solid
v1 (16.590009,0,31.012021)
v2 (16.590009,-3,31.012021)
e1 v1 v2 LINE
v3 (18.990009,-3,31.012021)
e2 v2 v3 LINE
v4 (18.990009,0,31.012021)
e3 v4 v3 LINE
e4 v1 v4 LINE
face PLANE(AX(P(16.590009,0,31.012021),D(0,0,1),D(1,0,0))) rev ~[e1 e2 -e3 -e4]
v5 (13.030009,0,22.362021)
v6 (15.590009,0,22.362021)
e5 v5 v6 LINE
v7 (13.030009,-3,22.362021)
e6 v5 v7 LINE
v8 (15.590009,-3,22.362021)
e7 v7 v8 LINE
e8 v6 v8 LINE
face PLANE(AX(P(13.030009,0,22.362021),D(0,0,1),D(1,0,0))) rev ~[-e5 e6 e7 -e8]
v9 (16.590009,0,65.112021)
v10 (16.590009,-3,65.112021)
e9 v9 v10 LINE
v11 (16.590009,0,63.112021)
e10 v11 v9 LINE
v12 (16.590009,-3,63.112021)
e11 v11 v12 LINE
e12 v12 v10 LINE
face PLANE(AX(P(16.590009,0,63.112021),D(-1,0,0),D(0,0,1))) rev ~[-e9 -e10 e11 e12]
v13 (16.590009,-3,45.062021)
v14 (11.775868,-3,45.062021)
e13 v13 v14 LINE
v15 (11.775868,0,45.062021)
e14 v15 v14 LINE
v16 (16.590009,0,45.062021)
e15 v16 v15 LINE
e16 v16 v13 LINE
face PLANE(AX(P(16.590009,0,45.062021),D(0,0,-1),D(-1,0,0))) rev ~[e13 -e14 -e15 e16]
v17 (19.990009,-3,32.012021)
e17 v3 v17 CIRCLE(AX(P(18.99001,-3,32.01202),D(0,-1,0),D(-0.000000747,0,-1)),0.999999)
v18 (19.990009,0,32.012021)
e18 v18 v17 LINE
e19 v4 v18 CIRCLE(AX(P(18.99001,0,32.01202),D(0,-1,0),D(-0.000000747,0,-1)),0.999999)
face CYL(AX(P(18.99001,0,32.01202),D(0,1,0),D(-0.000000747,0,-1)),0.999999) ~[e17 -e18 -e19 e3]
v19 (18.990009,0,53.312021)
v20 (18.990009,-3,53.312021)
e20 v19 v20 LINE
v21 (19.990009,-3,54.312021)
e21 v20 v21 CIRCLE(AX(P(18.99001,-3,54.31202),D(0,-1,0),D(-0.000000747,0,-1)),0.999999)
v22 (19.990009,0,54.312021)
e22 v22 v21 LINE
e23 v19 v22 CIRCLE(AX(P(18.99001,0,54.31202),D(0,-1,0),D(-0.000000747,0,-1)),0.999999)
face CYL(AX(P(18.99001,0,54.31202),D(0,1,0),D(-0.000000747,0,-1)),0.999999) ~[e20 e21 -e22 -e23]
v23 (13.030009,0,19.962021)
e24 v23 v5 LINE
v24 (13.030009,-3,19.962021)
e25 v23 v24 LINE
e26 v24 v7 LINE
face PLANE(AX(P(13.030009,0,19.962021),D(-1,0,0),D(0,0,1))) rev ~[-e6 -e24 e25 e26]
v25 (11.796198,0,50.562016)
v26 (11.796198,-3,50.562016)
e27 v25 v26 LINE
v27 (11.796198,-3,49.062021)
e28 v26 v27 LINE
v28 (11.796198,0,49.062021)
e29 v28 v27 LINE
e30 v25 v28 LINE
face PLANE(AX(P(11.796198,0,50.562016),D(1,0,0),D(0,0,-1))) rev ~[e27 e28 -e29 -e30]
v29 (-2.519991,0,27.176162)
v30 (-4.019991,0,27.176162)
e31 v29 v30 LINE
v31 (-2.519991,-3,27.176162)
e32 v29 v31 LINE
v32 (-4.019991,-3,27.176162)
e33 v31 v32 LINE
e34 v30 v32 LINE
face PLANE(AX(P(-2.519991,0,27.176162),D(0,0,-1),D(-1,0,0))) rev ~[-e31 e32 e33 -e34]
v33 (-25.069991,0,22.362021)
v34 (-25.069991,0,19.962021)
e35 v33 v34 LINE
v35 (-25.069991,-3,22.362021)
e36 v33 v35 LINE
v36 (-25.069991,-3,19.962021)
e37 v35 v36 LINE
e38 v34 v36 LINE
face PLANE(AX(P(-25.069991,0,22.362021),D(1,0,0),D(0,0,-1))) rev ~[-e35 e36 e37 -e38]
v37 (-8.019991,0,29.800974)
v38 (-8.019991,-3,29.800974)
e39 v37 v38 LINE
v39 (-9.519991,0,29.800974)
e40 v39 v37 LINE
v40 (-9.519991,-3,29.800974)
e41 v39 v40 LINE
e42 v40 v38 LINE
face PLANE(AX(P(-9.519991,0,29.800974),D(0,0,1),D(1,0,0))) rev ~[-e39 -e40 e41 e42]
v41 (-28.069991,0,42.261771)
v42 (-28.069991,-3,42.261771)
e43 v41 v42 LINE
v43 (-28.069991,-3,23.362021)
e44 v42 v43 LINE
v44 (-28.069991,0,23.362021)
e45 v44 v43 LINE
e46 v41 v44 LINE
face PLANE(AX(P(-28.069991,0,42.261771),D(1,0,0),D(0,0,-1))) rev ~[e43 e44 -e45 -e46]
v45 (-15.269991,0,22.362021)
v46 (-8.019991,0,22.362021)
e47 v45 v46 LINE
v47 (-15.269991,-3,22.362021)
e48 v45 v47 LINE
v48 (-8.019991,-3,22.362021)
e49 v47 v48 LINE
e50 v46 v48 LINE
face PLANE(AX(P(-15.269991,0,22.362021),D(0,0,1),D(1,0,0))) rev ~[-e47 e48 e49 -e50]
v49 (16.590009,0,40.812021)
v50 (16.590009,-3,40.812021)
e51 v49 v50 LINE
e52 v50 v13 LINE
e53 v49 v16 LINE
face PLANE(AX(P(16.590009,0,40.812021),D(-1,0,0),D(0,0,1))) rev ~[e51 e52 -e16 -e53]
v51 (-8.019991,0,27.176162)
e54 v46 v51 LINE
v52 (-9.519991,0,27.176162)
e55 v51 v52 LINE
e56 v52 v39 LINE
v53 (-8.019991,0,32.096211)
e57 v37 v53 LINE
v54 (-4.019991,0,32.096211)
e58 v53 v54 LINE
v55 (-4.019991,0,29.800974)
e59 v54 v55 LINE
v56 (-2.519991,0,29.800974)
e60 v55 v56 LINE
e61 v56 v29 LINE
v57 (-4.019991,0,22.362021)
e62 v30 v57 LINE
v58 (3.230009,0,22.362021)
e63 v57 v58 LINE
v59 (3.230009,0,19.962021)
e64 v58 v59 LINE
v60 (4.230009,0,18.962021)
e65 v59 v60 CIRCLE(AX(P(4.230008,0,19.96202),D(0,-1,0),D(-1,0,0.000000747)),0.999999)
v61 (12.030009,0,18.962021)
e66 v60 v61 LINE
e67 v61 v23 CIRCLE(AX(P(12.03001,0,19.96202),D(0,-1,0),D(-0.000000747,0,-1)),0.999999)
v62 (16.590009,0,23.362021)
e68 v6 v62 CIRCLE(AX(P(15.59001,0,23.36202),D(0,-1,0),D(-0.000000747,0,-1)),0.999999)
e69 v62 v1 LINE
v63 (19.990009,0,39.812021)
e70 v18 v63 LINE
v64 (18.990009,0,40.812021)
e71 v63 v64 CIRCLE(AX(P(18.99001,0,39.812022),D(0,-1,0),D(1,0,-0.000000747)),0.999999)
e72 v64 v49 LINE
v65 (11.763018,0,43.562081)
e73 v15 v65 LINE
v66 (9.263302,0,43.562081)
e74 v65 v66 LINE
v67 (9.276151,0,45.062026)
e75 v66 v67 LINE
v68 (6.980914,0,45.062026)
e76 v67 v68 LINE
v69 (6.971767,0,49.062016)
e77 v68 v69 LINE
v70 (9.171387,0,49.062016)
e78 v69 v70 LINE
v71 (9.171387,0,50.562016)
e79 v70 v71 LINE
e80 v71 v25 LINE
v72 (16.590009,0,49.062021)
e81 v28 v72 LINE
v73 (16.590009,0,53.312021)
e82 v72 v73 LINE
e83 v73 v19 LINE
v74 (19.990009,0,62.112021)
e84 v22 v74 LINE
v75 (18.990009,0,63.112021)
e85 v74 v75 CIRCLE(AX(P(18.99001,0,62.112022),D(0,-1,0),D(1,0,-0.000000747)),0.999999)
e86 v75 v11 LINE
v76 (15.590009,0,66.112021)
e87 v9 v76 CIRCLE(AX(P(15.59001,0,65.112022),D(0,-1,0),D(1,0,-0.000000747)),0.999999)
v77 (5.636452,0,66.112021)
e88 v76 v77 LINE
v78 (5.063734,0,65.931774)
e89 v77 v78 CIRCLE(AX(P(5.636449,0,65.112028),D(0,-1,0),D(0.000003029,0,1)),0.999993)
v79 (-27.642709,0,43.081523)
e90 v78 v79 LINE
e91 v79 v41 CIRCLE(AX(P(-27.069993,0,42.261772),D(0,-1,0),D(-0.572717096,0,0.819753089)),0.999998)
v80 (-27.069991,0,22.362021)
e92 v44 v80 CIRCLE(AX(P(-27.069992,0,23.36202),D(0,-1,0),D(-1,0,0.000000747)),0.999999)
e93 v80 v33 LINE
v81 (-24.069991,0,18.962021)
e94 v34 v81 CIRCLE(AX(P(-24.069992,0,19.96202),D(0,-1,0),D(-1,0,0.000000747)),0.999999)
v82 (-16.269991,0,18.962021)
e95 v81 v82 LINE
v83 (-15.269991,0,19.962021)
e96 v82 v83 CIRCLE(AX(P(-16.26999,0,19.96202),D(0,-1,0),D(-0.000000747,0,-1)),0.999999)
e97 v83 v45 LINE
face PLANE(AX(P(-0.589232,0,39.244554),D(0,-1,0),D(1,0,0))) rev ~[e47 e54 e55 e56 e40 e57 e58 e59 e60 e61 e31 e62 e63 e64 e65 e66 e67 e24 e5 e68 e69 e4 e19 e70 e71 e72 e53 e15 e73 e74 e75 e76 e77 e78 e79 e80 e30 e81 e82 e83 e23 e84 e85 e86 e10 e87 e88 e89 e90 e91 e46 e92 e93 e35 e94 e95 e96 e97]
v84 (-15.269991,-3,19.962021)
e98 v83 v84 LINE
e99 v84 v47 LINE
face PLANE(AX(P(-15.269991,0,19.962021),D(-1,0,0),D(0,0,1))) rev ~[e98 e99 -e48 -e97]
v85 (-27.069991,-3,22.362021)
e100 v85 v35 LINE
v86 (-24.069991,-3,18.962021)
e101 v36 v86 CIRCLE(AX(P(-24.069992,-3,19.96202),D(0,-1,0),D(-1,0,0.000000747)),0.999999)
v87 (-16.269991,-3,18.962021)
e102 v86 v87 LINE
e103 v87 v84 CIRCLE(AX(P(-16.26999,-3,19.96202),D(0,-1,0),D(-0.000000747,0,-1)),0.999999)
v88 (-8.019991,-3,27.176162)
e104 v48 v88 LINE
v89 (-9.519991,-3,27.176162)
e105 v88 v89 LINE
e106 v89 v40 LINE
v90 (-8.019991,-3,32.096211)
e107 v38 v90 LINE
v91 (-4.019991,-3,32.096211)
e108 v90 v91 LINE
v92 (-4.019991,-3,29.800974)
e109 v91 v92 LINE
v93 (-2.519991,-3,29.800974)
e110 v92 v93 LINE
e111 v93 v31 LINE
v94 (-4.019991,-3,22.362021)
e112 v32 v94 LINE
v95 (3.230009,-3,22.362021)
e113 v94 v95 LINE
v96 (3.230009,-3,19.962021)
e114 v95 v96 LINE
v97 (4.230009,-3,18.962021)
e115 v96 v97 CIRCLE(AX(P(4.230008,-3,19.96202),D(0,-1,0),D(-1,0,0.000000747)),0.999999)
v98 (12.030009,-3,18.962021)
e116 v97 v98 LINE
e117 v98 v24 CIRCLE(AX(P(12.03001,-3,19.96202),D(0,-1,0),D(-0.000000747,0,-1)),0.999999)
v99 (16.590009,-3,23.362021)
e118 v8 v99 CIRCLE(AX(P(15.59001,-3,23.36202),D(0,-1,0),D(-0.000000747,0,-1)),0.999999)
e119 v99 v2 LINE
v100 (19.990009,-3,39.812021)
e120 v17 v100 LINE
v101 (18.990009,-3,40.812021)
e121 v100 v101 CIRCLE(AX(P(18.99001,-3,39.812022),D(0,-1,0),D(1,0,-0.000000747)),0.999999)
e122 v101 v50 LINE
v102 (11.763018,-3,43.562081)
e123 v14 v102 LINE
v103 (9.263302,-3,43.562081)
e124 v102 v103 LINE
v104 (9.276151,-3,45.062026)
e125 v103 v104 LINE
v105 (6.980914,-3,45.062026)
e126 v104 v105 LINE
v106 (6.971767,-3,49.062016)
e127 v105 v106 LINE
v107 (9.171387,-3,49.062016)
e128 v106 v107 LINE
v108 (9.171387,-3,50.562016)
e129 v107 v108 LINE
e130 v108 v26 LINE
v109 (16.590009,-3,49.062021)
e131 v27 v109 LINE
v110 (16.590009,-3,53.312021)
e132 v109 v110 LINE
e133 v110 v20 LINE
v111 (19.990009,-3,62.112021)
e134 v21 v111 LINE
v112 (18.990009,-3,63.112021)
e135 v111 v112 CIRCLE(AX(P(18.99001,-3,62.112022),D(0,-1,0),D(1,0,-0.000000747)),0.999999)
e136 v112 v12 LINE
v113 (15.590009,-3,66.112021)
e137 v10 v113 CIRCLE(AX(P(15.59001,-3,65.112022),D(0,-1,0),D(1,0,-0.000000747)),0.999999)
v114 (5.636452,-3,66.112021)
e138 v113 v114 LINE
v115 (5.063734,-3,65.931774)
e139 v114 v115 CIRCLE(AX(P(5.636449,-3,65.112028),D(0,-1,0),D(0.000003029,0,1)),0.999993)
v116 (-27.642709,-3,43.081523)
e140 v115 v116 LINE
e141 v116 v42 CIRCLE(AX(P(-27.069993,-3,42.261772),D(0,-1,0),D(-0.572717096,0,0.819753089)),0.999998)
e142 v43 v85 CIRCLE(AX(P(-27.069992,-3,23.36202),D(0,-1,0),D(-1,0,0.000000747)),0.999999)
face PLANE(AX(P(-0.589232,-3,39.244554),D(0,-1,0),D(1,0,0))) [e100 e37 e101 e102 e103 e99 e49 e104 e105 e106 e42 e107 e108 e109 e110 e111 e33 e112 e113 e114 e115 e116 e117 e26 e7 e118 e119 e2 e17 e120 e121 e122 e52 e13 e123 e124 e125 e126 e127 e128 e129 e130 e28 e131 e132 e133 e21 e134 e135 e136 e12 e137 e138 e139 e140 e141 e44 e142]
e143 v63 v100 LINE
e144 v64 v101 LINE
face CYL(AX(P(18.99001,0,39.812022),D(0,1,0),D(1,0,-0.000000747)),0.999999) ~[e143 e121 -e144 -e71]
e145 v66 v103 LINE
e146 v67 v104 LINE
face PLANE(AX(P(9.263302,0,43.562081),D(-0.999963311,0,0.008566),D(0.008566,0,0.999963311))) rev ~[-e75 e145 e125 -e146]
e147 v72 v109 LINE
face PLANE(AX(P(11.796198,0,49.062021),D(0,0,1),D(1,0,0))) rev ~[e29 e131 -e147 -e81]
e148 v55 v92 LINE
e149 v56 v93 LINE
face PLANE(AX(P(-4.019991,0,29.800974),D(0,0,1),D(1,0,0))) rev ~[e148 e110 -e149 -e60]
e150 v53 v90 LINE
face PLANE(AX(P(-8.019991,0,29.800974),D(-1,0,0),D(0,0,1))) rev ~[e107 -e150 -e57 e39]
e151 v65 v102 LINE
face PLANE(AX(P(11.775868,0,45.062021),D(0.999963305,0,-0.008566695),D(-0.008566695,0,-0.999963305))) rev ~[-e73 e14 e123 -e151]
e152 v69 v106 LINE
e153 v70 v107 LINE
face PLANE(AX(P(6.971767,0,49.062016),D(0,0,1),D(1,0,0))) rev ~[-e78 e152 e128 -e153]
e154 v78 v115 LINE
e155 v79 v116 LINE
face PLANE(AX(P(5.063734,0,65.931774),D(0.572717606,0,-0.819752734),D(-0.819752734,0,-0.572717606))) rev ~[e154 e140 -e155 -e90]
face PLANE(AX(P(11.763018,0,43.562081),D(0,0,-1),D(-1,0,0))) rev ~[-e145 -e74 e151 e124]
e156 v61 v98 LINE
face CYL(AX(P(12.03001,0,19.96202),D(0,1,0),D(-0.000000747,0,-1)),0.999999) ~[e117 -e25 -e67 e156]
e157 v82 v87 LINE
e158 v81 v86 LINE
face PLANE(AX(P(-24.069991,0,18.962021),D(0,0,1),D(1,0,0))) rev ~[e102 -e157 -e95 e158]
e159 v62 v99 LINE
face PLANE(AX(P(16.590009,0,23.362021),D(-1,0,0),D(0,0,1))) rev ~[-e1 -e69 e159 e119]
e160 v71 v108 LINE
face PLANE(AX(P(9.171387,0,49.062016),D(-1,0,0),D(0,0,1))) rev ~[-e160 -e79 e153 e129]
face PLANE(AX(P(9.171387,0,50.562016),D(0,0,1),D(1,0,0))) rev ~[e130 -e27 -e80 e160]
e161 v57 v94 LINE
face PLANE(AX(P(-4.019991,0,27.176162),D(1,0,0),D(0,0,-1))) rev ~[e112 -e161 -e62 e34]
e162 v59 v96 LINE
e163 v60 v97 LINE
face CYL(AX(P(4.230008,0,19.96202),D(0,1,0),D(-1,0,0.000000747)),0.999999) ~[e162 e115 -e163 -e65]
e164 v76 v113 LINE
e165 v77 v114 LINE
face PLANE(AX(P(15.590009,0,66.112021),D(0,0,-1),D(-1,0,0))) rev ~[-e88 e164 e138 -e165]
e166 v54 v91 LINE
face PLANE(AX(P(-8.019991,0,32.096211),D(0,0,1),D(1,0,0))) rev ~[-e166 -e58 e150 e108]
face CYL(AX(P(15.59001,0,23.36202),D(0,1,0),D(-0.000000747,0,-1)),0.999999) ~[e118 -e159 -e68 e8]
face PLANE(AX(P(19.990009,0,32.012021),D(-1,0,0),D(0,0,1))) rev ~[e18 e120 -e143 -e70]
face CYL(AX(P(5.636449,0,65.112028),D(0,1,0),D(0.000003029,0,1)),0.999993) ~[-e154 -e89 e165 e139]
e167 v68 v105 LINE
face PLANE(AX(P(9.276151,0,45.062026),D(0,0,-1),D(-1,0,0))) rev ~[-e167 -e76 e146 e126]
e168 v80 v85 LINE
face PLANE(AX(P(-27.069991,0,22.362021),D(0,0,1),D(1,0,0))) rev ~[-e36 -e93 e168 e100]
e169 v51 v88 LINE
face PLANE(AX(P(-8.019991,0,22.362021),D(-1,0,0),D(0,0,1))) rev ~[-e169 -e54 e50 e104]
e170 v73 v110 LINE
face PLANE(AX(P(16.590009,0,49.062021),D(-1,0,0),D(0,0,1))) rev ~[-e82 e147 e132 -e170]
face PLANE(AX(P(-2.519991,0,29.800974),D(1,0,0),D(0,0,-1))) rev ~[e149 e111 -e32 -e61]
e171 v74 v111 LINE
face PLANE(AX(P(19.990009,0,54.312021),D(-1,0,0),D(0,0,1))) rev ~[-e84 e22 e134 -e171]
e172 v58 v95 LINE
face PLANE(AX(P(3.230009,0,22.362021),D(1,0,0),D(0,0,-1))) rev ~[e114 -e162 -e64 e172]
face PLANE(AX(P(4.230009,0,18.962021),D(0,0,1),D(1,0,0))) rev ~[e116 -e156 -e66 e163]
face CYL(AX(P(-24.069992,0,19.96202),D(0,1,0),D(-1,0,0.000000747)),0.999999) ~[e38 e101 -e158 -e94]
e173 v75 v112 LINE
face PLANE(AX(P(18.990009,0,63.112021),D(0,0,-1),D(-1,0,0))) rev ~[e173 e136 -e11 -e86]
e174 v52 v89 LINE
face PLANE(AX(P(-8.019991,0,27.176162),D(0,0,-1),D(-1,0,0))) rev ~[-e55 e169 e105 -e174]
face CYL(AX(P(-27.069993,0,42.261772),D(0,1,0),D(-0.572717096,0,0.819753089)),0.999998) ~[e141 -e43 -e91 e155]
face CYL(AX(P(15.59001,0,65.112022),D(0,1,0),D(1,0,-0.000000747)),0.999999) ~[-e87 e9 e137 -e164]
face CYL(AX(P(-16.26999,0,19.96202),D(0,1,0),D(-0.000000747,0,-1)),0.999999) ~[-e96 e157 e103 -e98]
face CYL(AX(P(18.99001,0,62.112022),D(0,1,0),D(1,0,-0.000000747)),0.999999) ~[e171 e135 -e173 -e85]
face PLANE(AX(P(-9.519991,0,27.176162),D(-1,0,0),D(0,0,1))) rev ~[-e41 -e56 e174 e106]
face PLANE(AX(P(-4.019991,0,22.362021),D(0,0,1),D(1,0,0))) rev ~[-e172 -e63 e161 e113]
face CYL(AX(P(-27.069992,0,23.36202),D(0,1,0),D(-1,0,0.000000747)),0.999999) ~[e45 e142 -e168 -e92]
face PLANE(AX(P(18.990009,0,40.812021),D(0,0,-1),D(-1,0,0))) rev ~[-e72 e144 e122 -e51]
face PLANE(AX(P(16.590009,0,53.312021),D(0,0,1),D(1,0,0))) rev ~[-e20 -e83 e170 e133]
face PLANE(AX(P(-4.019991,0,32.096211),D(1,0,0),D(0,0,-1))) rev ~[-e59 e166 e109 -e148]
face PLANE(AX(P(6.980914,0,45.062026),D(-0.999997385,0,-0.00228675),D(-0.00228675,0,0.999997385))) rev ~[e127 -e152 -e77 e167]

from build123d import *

# Parameters (mm, degrees)
F1_DEPTH = 3
F2_DEPTH = 3


with BuildPart() as f1:
    # F0 (on Front) → F1 (new body)
    with BuildSketch(Plane.XZ):
        with BuildLine():
            ThreePointArc((19.990009, 62.112021), (19.697116, 62.819128), (18.990009, 63.112021))
            Line((18.990009, 63.112021), (16.590009, 63.112021))
            Line((16.590009, 63.112021), (16.590009, 65.112021))
            ThreePointArc((16.590009, 65.112021), (16.297116, 65.819128), (15.590009, 66.112021))
            Line((15.590009, 66.112021), (5.636452, 66.112021))
            ThreePointArc((5.636452, 66.112021), (5.336246, 66.065896), (5.063734, 65.931774))
            Line((5.063734, 65.931774), (-27.642709, 43.081523))
            ThreePointArc((-27.642709, 43.081523), (-27.95676, 42.723984), (-28.069991, 42.261771))
            Line((-28.069991, 42.261771), (-28.069991, 23.362021))
            ThreePointArc((-28.069991, 23.362021), (-27.777098, 22.654914), (-27.069991, 22.362021))
            Line((-27.069991, 22.362021), (-25.069991, 22.362021))
            Line((-25.069991, 22.362021), (-25.069991, 19.962021))
            ThreePointArc((-25.069991, 19.962021), (-24.777098, 19.254914), (-24.069991, 18.962021))
            Line((-24.069991, 18.962021), (-16.269991, 18.962021))
            ThreePointArc((-16.269991, 18.962021), (-15.562884, 19.254914), (-15.269991, 19.962021))
            Line((-15.269991, 19.962021), (-15.269991, 22.362021))
            Line((-15.269991, 22.362021), (-8.019991, 22.362021))
            Line((-8.019991, 22.362021), (-8.019991, 27.176162))
            Line((-8.019991, 27.176162), (-9.519991, 27.176162))
            Line((-9.519991, 27.176162), (-9.519991, 29.800974))
            Line((-9.519991, 29.800974), (-8.019991, 29.800974))
            Line((-8.019991, 29.800974), (-8.019991, 32.096211))
            Line((-8.019991, 32.096211), (-4.019991, 32.096211))
            Line((-4.019991, 32.096211), (-4.019991, 29.800974))
            Line((-4.019991, 29.800974), (-2.519991, 29.800974))
            Line((-2.519991, 29.800974), (-2.519991, 27.176162))
            Line((-2.519991, 27.176162), (-4.019991, 27.176162))
            Line((-4.019991, 27.176162), (-4.019991, 22.362021))
            Line((-4.019991, 22.362021), (3.230009, 22.362021))
            Line((3.230009, 22.362021), (3.230009, 19.962021))
            ThreePointArc((3.230009, 19.962021), (3.522902, 19.254914), (4.230009, 18.962021))
            Line((4.230009, 18.962021), (12.030009, 18.962021))
            ThreePointArc((12.030009, 18.962021), (12.737116, 19.254914), (13.030009, 19.962021))
            Line((13.030009, 19.962021), (13.030009, 22.362021))
            Line((13.030009, 22.362021), (15.590009, 22.362021))
            ThreePointArc((15.590009, 22.362021), (16.297116, 22.654914), (16.590009, 23.362021))
            Line((16.590009, 23.362021), (16.590009, 31.012021))
            Line((16.590009, 31.012021), (18.990009, 31.012021))
            ThreePointArc((18.990009, 31.012021), (19.697116, 31.304914), (19.990009, 32.012021))
            Line((19.990009, 32.012021), (19.990009, 39.812021))
            ThreePointArc((19.990009, 39.812021), (19.697116, 40.519128), (18.990009, 40.812021))
            Line((18.990009, 40.812021), (16.590009, 40.812021))
            Line((16.590009, 40.812021), (16.590009, 45.062021))
            Line((16.590009, 45.062021), (11.775868, 45.062021))
            Line((11.775868, 45.062021), (11.763018, 43.562081))
            Line((11.763018, 43.562081), (9.263302, 43.562081))
            Line((9.263302, 43.562081), (9.276151, 45.062026))
            Line((9.276151, 45.062026), (6.980914, 45.062026))
            Line((6.980914, 45.062026), (6.971767, 49.062016))
            Line((6.971767, 49.062016), (9.171387, 49.062016))
            Line((9.171387, 49.062016), (9.171387, 50.562016))
            Line((9.171387, 50.562016), (11.796198, 50.562016))
            Line((11.796198, 50.562016), (11.796198, 49.062021))
            Line((11.796198, 49.062021), (16.590009, 49.062021))
            Line((16.590009, 49.062021), (16.590009, 53.312021))
            Line((16.590009, 53.312021), (18.990009, 53.312021))
            ThreePointArc((18.990009, 53.312021), (19.697116, 53.604914), (19.990009, 54.312021))
            Line((19.990009, 54.312021), (19.990009, 62.112021))
        make_face()
    extrude(amount=F1_DEPTH)

    # F0 (on Front) → F2 (join)
    with BuildSketch(Plane.XZ):
        with BuildLine():
            ThreePointArc((19.990009, 62.112021), (19.697116, 62.819128), (18.990009, 63.112021))
            Line((18.990009, 63.112021), (16.590009, 63.112021))
            Line((16.590009, 63.112021), (16.590009, 65.112021))
            ThreePointArc((16.590009, 65.112021), (16.297116, 65.819128), (15.590009, 66.112021))
            Line((15.590009, 66.112021), (5.636452, 66.112021))
            ThreePointArc((5.636452, 66.112021), (5.336246, 66.065896), (5.063734, 65.931774))
            Line((5.063734, 65.931774), (-27.642709, 43.081523))
            ThreePointArc((-27.642709, 43.081523), (-27.95676, 42.723984), (-28.069991, 42.261771))
            Line((-28.069991, 42.261771), (-28.069991, 23.362021))
            ThreePointArc((-28.069991, 23.362021), (-27.777098, 22.654914), (-27.069991, 22.362021))
            Line((-27.069991, 22.362021), (-25.069991, 22.362021))
            Line((-25.069991, 22.362021), (-25.069991, 19.962021))
            ThreePointArc((-25.069991, 19.962021), (-24.777098, 19.254914), (-24.069991, 18.962021))
            Line((-24.069991, 18.962021), (-16.269991, 18.962021))
            ThreePointArc((-16.269991, 18.962021), (-15.562884, 19.254914), (-15.269991, 19.962021))
            Line((-15.269991, 19.962021), (-15.269991, 22.362021))
            Line((-15.269991, 22.362021), (-8.019991, 22.362021))
            Line((-8.019991, 22.362021), (-8.019991, 27.176162))
            Line((-8.019991, 27.176162), (-9.519991, 27.176162))
            Line((-9.519991, 27.176162), (-9.519991, 29.800974))
            Line((-9.519991, 29.800974), (-8.019991, 29.800974))
            Line((-8.019991, 29.800974), (-8.019991, 32.096211))
            Line((-8.019991, 32.096211), (-4.019991, 32.096211))
            Line((-4.019991, 32.096211), (-4.019991, 29.800974))
            Line((-4.019991, 29.800974), (-2.519991, 29.800974))
            Line((-2.519991, 29.800974), (-2.519991, 27.176162))
            Line((-2.519991, 27.176162), (-4.019991, 27.176162))
            Line((-4.019991, 27.176162), (-4.019991, 22.362021))
            Line((-4.019991, 22.362021), (3.230009, 22.362021))
            Line((3.230009, 22.362021), (3.230009, 19.962021))
            ThreePointArc((3.230009, 19.962021), (3.522902, 19.254914), (4.230009, 18.962021))
            Line((4.230009, 18.962021), (12.030009, 18.962021))
            ThreePointArc((12.030009, 18.962021), (12.737116, 19.254914), (13.030009, 19.962021))
            Line((13.030009, 19.962021), (13.030009, 22.362021))
            Line((13.030009, 22.362021), (15.590009, 22.362021))
            ThreePointArc((15.590009, 22.362021), (16.297116, 22.654914), (16.590009, 23.362021))
            Line((16.590009, 23.362021), (16.590009, 31.012021))
            Line((16.590009, 31.012021), (18.990009, 31.012021))
            ThreePointArc((18.990009, 31.012021), (19.697116, 31.304914), (19.990009, 32.012021))
            Line((19.990009, 32.012021), (19.990009, 39.812021))
            ThreePointArc((19.990009, 39.812021), (19.697116, 40.519128), (18.990009, 40.812021))
            Line((18.990009, 40.812021), (16.590009, 40.812021))
            Line((16.590009, 40.812021), (16.590009, 45.062021))
            Line((16.590009, 45.062021), (11.775868, 45.062021))
            Line((11.775868, 45.062021), (11.763018, 43.562081))
            Line((11.763018, 43.562081), (9.263302, 43.562081))
            Line((9.263302, 43.562081), (9.276151, 45.062026))
            Line((9.276151, 45.062026), (6.980914, 45.062026))
            Line((6.980914, 45.062026), (6.971767, 49.062016))
            Line((6.971767, 49.062016), (9.171387, 49.062016))
            Line((9.171387, 49.062016), (9.171387, 50.562016))
            Line((9.171387, 50.562016), (11.796198, 50.562016))
            Line((11.796198, 50.562016), (11.796198, 49.062021))
            Line((11.796198, 49.062021), (16.590009, 49.062021))
            Line((16.590009, 49.062021), (16.590009, 53.312021))
            Line((16.590009, 53.312021), (18.990009, 53.312021))
            ThreePointArc((18.990009, 53.312021), (19.697116, 53.604914), (19.990009, 54.312021))
            Line((19.990009, 54.312021), (19.990009, 62.112021))
        make_face()
    extrude(amount=F2_DEPTH)


solid = f1.part
